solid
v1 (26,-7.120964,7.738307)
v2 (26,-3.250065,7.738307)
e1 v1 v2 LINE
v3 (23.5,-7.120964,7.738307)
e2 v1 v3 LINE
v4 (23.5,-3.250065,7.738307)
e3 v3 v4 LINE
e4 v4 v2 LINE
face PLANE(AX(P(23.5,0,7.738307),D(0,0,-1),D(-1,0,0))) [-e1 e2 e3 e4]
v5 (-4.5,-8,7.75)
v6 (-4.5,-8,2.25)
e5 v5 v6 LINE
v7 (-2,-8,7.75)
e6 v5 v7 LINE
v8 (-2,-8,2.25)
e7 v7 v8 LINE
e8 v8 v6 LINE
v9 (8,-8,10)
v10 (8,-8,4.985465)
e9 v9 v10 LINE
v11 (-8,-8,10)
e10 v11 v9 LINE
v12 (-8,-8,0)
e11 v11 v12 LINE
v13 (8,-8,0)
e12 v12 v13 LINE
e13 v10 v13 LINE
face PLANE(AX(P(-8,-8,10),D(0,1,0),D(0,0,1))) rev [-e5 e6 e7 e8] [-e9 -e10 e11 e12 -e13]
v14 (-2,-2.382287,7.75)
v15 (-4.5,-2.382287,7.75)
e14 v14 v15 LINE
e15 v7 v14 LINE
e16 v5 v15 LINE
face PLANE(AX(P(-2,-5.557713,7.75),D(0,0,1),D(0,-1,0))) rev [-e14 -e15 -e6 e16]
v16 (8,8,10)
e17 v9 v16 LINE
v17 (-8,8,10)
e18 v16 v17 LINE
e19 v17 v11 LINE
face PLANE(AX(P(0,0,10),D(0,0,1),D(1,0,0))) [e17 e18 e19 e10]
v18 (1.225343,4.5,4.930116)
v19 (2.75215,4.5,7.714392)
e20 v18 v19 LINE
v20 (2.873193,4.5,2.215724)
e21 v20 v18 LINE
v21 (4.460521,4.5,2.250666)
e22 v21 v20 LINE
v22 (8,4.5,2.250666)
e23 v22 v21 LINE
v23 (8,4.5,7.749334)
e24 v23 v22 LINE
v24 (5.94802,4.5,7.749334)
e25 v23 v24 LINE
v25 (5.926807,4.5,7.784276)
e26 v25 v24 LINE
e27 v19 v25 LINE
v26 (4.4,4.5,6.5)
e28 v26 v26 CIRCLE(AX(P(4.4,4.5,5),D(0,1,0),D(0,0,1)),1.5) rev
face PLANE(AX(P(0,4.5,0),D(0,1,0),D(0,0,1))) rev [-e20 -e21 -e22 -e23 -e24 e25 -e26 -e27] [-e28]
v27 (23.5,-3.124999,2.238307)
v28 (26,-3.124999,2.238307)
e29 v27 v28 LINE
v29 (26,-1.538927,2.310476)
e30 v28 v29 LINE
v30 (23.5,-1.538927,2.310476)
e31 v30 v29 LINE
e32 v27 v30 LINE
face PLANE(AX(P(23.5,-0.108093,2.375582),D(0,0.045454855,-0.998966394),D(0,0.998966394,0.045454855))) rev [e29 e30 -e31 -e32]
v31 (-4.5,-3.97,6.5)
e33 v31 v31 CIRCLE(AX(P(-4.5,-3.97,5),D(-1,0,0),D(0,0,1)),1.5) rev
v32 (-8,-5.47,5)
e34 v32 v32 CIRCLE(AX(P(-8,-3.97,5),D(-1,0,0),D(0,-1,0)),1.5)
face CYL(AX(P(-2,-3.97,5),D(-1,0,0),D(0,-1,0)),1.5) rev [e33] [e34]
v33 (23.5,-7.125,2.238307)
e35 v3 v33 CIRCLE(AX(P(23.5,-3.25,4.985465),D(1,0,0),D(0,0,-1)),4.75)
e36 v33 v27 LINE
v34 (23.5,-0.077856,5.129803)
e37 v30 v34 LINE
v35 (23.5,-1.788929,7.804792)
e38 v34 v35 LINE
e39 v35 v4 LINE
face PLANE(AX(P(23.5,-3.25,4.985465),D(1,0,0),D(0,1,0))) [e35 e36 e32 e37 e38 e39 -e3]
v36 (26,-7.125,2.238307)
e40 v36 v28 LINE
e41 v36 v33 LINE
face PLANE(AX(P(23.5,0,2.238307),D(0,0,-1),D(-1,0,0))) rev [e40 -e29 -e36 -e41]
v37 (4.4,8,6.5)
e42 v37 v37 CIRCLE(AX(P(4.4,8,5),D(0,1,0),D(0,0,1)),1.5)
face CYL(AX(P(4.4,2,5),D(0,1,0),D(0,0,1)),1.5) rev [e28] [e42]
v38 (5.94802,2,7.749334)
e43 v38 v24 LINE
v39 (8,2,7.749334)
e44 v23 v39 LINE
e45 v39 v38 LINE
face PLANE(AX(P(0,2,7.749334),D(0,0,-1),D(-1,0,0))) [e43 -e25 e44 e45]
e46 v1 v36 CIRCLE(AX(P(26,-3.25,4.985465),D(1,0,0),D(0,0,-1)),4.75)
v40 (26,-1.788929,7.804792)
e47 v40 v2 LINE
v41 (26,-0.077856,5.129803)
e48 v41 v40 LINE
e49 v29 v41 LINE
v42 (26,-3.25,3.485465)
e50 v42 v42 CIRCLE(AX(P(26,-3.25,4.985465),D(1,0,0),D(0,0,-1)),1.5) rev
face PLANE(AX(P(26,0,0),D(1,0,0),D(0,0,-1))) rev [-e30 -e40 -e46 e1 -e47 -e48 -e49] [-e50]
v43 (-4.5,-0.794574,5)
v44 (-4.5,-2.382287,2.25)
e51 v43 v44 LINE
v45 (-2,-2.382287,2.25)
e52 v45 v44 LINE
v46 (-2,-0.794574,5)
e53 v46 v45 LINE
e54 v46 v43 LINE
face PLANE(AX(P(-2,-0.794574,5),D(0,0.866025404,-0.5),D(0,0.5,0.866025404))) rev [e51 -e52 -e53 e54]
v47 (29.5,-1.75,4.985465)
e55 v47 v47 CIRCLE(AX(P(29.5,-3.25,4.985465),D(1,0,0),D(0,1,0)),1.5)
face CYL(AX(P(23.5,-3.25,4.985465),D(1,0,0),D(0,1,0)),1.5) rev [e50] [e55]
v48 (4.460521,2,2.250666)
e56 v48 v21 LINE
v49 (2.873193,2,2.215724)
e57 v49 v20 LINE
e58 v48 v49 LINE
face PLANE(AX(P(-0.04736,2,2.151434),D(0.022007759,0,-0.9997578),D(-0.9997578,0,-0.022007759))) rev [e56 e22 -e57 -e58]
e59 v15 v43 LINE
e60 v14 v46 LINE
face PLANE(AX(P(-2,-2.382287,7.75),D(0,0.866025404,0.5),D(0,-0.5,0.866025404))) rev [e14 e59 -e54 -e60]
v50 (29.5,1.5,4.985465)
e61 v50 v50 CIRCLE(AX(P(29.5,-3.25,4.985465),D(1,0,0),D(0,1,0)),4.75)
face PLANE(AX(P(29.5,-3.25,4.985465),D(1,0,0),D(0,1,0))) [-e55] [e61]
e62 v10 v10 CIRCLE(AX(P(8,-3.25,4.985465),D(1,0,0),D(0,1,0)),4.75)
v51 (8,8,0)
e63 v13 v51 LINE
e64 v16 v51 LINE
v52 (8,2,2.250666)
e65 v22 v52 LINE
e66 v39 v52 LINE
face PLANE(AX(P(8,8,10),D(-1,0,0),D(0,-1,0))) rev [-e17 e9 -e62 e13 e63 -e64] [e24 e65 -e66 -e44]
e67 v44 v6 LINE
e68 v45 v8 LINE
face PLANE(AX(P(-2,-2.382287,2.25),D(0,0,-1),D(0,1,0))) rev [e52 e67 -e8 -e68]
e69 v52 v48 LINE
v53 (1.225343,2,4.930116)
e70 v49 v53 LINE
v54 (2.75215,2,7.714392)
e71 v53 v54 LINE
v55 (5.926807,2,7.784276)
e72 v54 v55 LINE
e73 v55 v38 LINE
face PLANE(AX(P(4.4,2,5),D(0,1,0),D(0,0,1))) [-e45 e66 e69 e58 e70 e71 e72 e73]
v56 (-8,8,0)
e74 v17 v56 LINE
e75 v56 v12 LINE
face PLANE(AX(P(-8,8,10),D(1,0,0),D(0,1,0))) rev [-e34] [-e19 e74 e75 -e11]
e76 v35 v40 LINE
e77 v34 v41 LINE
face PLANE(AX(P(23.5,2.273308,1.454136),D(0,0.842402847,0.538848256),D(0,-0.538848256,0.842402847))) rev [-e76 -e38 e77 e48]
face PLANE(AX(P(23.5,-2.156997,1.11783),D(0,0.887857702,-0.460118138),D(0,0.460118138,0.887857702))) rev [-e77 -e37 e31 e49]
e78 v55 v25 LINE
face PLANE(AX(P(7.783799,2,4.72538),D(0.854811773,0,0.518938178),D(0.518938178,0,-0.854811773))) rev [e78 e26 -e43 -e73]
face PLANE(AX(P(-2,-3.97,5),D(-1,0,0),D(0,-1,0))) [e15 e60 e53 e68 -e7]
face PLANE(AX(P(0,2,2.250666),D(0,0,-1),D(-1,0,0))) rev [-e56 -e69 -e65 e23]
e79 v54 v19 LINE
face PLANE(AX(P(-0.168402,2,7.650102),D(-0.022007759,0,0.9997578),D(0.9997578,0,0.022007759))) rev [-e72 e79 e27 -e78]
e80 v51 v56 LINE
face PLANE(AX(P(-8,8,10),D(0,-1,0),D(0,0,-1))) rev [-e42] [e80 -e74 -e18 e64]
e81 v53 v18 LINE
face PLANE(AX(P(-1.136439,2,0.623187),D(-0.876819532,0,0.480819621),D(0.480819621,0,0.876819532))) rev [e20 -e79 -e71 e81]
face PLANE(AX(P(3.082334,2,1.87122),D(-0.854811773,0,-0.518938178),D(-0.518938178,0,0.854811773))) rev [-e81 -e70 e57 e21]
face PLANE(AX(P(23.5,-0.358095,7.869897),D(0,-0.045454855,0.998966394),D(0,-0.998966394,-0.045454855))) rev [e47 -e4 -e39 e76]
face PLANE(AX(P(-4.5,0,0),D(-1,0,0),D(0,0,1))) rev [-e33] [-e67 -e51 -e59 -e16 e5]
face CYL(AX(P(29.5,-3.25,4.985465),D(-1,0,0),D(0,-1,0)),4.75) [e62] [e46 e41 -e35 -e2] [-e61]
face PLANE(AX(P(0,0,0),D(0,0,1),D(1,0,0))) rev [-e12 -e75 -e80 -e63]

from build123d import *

# Parameters (mm, degrees)
SKETCH1_W           = 16
SKETCH1_H           = 16
BOSS_EXTRUDE1_DEPTH = 10
SKETCH2_R           = 1.5
CUT_EXTRUDE1_DEPTH  = 6
SKETCH3_R           = 1.5
CUT_EXTRUDE2_DEPTH  = 6
CUT_EXTRUDE3_START  = -3.5
CUT_EXTRUDE3_DEPTH  = 2.5
CUT_EXTRUDE5_START  = -3.5
SKETCH6_W           = 5.5
SKETCH6_H           = 8.06
CUT_EXTRUDE5_DEPTH  = 2.5
CUT_EXTRUDE6_START  = -3.5
SKETCH7_W           = 7.078957324
SKETCH7_H           = 5.4986679
CUT_EXTRUDE6_DEPTH  = 2.5
SKETCH9_R           = 4.75
BOSS_EXTRUDE2_DEPTH = 21.5
SKETCH10_R          = 1.5
CUT_EXTRUDE7_DEPTH  = 6
CUT_EXTRUDE9_START  = -3.5
SKETCH11_R          = 1.5
CUT_EXTRUDE9_DEPTH  = 2.5


with BuildPart() as part:
    # Sketch1 → Boss-Extrude1 (new body)
    with BuildSketch(Plane.XY):
        Rectangle(SKETCH1_W, SKETCH1_H)
    extrude(amount=BOSS_EXTRUDE1_DEPTH)

    # Sketch2 → Cut-Extrude1 (cut)
    with BuildSketch(Plane.ZY.offset(8)):
        with Locations(Location((5, -3.97, 0), (0, 0, 270))):
            Circle(SKETCH2_R)
    extrude(amount=-CUT_EXTRUDE1_DEPTH, mode=Mode.SUBTRACT)

    # Sketch3 → Cut-Extrude2 (cut)
    with BuildSketch(Plane(origin=(0, 8, 0), x_dir=(1, 0, 0), z_dir=(0, 1, 0))):
        with Locations(Location((4.4, -5, 0), (0, 0, 270))):
            Circle(SKETCH3_R)
    extrude(amount=-CUT_EXTRUDE2_DEPTH, mode=Mode.SUBTRACT)

    # Sketch4 → Cut-Extrude3 (cut)
    with BuildSketch(Plane.ZY.offset(8).offset(CUT_EXTRUDE3_START)):
        Polygon((7.75, -2.38228676), (5, -0.794573519), (2.25, -2.38228676), (2.25, -5.55771324), (5, -7.145426481), (7.75, -5.55771324), align=None)
    extrude(amount=-CUT_EXTRUDE3_DEPTH, mode=Mode.SUBTRACT)

    # Sketch6 → Cut-Extrude5 (cut)
    with BuildSketch(Plane.ZY.offset(8).offset(CUT_EXTRUDE5_START)):
        with Locations((5, -8)):
            Rectangle(SKETCH6_W, SKETCH6_H)
    extrude(amount=-CUT_EXTRUDE5_DEPTH, mode=Mode.SUBTRACT)

    # Sketch7 → Cut-Extrude6 (cut)
    with BuildSketch(Plane(origin=(0, 8, 0), x_dir=(1, 0, 0), z_dir=(0, 1, 0)).offset(CUT_EXTRUDE6_START)):
        Polygon((7.574657392, -5.069884021), (6.047850034, -2.285608061), (2.873192642, -2.21572404), (1.225342608, -4.930115979), (2.752149966, -7.714391939), (5.926807358, -7.78427596), align=None)
        with Locations((8, -5)):
            Rectangle(SKETCH7_W, SKETCH7_H)
    extrude(amount=-CUT_EXTRUDE6_DEPTH, mode=Mode.SUBTRACT)

    # Sketch9 → Boss-Extrude2 (add)
    with BuildSketch(Plane(origin=(8, 0, 0), x_dir=(0, 0, -1), z_dir=(1, 0, 0))):
        with Locations(Location((-4.985464698, -3.25, 0), (0, 0, 270))):
            Circle(SKETCH9_R)
    extrude(amount=BOSS_EXTRUDE2_DEPTH)

    # Sketch10 → Cut-Extrude7 (cut)
    with BuildSketch(Plane(origin=(29.5, 0, 0), x_dir=(0, 0, -1), z_dir=(1, 0, 0))):
        with Locations(Location((-4.985464698, -3.25, 0), (0, 0, 90))):
            Circle(SKETCH10_R)
    extrude(amount=-CUT_EXTRUDE7_DEPTH, mode=Mode.SUBTRACT)

    # Sketch11 → Cut-Extrude9 (cut)
    with BuildSketch(Plane(origin=(29.5, 0, 0), x_dir=(0, 0, -1), z_dir=(1, 0, 0)).offset(CUT_EXTRUDE9_START)):
        with BuildLine():
            Line((-2.31047639, -1.538926979), (-5.129803248, -0.07785566))
            Line((-5.129803248, -0.07785566), (-7.804791556, -1.78892868))
            Line((-7.804791556, -1.78892868), (-7.738307115, -3.250064634))
            Line((-7.738307115, -3.250064634), (-7.738307115, -7.120963527))
            ThreePointArc((-7.738307115, -7.120963527), (-4.988950766, -7.999998721), (-2.238307115, -7.125000027))
            Line((-2.238307115, -7.125000027), (-2.238307115, -3.12499915))
            Line((-2.238307115, -3.12499915), (-2.31047639, -1.538926979))
        make_face()
        with Locations(Location((-4.985464698, -3.25, 0), (0, 0, 90))):
            Circle(SKETCH11_R, mode=Mode.SUBTRACT)
    extrude(amount=-CUT_EXTRUDE9_DEPTH, mode=Mode.SUBTRACT)


solid = part.part
